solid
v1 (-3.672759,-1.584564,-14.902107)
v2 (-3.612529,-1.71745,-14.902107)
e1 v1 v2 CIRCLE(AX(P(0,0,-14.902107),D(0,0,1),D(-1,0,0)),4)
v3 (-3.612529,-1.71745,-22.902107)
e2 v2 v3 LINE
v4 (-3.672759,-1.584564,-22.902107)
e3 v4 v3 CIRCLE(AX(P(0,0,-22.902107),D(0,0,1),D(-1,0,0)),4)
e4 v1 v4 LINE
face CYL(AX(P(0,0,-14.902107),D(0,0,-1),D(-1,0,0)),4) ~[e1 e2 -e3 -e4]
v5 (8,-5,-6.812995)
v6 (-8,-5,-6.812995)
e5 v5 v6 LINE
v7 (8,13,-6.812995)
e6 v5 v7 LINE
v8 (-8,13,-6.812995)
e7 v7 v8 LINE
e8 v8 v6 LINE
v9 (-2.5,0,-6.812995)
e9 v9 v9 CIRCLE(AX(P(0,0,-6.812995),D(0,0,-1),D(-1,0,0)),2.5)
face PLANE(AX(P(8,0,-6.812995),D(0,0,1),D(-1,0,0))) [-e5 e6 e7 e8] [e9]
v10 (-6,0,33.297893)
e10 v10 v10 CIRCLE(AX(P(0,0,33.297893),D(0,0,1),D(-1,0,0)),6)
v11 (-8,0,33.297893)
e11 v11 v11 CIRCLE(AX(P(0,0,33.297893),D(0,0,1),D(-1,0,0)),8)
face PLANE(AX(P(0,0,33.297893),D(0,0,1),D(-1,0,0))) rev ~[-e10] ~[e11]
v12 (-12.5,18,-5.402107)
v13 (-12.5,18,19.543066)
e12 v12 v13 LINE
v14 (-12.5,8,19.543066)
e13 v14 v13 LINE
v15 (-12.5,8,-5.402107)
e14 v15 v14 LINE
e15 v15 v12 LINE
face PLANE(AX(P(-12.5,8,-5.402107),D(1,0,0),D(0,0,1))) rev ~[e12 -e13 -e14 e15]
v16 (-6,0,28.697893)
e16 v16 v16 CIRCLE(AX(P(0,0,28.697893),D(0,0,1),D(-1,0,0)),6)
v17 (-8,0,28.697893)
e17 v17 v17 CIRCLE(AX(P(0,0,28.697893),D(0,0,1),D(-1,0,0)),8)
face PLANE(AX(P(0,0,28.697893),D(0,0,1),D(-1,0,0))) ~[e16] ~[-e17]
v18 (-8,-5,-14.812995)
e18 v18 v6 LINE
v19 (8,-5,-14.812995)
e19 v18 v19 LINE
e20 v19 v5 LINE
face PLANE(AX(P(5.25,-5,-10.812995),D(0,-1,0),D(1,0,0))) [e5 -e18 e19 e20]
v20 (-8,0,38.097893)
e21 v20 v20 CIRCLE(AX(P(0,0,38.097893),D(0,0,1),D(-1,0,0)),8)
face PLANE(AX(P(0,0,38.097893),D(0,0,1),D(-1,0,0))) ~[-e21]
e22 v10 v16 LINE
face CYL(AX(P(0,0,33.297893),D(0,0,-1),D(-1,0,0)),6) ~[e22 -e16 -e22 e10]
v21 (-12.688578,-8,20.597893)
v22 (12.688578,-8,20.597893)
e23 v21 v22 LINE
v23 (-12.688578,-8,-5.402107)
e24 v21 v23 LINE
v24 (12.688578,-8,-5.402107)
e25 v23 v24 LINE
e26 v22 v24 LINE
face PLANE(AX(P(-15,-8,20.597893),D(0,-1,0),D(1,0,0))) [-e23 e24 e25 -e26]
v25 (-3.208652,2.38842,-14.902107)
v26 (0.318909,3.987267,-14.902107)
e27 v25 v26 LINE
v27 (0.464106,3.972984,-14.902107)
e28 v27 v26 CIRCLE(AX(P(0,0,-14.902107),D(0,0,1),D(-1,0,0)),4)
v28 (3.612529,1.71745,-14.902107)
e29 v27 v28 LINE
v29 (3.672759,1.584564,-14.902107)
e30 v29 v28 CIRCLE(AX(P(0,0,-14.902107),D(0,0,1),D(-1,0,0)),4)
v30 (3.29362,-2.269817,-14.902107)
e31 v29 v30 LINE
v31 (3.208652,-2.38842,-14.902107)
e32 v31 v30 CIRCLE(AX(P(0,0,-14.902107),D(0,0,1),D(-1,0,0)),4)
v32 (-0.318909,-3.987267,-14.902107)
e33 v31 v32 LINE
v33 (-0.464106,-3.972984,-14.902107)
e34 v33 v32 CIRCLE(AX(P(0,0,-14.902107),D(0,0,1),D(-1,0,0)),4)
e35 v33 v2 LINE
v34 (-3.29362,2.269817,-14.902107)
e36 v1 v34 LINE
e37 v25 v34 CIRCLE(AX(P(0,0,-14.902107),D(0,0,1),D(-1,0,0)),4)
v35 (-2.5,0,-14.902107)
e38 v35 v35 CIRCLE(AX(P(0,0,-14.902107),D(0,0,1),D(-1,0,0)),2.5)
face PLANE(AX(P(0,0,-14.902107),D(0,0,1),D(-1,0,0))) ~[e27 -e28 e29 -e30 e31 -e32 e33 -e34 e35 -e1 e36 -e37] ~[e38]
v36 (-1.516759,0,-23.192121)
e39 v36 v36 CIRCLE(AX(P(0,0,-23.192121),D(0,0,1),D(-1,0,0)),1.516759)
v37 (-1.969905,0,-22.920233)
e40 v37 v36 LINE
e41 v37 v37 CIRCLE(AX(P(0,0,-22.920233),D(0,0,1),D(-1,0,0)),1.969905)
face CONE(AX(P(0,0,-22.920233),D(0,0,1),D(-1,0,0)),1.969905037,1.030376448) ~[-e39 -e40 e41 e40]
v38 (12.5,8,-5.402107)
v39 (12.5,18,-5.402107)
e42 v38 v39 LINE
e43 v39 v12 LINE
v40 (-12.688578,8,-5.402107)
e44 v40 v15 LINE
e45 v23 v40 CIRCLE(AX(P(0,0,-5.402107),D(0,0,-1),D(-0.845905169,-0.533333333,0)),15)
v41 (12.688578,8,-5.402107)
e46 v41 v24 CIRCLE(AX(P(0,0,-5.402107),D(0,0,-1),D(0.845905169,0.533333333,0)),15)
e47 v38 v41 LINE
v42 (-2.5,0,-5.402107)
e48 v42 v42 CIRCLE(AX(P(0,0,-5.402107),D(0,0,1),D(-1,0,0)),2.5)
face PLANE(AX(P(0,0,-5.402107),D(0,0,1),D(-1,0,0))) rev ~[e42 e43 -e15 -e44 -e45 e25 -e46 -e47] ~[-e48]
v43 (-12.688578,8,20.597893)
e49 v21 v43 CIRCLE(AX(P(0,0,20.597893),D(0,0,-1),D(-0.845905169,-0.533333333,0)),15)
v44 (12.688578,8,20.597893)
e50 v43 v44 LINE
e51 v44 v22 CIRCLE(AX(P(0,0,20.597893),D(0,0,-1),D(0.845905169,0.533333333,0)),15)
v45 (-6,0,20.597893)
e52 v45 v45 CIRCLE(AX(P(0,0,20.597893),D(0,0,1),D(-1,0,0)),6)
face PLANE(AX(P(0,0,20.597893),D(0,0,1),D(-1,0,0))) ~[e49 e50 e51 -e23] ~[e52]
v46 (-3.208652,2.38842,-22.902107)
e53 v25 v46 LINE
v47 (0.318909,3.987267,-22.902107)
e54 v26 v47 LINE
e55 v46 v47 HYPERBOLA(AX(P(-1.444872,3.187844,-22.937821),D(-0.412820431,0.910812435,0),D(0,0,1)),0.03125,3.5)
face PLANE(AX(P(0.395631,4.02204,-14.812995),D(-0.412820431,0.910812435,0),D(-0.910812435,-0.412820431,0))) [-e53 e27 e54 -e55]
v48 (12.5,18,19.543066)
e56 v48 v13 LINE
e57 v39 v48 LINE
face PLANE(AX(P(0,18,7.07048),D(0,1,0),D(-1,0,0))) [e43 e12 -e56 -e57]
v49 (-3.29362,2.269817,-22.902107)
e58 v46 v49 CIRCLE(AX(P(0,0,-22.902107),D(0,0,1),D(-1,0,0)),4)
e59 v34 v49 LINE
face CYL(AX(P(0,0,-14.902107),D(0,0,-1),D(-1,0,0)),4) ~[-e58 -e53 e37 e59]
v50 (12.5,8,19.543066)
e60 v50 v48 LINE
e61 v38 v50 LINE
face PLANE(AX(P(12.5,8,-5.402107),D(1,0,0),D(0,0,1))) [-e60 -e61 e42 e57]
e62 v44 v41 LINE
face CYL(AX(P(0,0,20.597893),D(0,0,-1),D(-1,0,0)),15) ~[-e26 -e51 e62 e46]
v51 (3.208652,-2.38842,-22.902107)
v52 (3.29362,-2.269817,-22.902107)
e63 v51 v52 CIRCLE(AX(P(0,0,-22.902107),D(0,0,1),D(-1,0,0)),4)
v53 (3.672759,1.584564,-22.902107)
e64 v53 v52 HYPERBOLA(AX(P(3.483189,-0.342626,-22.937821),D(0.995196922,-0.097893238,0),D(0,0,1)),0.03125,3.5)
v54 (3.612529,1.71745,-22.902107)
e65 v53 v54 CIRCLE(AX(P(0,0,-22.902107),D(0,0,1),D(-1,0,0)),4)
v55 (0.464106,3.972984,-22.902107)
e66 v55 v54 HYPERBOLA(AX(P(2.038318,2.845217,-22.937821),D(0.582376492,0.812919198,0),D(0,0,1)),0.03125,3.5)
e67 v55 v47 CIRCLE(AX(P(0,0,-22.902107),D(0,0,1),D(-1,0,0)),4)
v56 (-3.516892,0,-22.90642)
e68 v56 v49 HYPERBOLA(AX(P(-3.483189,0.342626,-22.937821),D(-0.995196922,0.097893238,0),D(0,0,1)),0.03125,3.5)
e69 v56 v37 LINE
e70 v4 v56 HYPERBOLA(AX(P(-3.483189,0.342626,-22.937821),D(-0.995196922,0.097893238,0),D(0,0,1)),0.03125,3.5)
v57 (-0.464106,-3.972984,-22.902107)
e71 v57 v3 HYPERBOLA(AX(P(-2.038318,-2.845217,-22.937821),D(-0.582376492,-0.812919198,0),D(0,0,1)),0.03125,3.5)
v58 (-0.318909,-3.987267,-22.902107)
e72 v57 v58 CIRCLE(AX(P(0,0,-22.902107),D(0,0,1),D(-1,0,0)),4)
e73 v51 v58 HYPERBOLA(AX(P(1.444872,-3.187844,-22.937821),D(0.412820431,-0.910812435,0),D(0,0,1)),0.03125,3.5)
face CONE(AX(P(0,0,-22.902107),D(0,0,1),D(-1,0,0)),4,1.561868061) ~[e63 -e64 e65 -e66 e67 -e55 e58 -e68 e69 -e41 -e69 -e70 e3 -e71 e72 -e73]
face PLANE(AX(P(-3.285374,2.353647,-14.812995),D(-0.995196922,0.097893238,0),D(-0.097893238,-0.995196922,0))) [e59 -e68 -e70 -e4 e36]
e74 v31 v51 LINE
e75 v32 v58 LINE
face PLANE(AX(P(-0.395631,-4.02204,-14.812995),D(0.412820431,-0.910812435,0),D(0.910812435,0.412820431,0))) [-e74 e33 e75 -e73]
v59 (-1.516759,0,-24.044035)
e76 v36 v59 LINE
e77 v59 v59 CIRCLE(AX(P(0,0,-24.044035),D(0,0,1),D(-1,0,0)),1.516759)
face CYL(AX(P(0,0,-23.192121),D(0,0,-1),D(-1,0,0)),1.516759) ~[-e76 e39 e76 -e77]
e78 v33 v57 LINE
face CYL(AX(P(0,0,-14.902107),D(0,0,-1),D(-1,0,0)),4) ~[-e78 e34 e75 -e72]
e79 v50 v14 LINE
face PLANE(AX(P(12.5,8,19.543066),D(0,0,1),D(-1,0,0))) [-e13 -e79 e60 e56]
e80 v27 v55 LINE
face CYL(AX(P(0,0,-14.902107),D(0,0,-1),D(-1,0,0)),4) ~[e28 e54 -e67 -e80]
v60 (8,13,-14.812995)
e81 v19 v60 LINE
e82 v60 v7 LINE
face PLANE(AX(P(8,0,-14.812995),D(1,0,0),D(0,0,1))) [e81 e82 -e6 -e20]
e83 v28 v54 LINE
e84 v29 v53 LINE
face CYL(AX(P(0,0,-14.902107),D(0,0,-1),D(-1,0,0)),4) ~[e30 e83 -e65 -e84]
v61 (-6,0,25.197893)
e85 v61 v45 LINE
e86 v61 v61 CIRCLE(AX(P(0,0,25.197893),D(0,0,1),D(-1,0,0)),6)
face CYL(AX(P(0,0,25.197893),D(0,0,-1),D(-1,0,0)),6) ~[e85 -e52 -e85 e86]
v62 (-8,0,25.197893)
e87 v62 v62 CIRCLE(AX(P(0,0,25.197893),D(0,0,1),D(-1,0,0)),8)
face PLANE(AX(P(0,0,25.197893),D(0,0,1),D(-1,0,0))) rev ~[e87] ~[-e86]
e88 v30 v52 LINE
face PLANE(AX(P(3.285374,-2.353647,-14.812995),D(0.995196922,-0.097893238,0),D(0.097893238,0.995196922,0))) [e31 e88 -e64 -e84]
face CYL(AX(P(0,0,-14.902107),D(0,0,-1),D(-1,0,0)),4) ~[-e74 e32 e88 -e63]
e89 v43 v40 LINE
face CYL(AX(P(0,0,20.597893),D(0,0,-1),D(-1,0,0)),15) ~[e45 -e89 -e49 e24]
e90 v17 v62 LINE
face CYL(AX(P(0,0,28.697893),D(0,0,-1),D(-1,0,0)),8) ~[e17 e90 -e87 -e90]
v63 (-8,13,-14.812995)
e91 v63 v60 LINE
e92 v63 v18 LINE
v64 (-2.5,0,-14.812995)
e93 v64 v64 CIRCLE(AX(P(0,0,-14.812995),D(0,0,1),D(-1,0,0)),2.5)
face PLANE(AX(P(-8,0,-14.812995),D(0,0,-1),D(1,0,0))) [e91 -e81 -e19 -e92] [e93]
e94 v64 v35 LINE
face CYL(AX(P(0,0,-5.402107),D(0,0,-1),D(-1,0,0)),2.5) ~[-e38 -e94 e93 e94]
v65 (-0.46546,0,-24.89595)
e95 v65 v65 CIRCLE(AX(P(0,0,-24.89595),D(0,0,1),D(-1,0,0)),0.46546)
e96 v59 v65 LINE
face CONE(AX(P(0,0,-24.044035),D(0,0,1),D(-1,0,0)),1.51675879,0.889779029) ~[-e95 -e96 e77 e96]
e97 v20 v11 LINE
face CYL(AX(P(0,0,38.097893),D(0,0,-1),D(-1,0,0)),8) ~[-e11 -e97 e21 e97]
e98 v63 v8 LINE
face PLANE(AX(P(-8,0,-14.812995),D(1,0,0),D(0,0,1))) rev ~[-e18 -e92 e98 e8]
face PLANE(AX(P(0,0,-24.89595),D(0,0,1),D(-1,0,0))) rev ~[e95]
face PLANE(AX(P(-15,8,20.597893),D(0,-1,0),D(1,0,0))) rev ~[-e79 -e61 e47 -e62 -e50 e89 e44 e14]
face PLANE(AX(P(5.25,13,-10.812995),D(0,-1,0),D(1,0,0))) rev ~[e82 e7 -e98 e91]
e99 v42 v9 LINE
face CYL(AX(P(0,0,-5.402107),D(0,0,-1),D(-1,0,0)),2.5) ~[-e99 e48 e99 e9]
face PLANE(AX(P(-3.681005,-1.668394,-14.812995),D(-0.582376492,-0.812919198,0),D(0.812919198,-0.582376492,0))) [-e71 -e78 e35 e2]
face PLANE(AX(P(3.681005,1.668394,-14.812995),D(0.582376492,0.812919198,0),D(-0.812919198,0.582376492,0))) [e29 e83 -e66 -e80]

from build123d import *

# Parameters (mm, degrees)
F2_W          = 37.102
F2_H          = 46.096
F2_W_2        = 30
F2_H_2        = 16
F3_DEPTH      = 27.4
F4_W          = 5.5
F4_H          = 8
F4_W_2        = 5
F5_DEPTH      = 5
F5_DEPTH_BACK = 13
F6_R          = 5.9111779492
F7_DEPTH      = 25
F8_W          = 25
F8_H          = 24.945173396
F9_DEPTH      = 10


with BuildPart() as f1:
    # F0 (on Front) → F1 (revolve)
    with BuildSketch(Plane.XZ):
        Polygon((-1.5167587905, -24.0440348498), (-0.4654595977, -24.895950213), (0, -24.895950213), (0, -5.4683293174), (0, 38.0978930385), (-8, 38.0978930385), (-8, 33.2978930385), (-6, 33.2978930385), (-6, 28.6978930385), (-8, 28.6978930385), (-8, 25.1978930385), (-6, 25.1978930385), (-6, 20.5978930385), (-15, 20.5978930385), (-15, -5.4021069615), (-2.5, -5.4021069615), (-2.5, -14.9021069615), (-4, -14.9021069615), (-4, -22.9021069615), (-1.9699050371, -22.9202326714), (-1.5167587905, -23.1921206525), align=None)
    revolve(axis=Axis((0, 0, 26.8247116869), (0, 0, 1)))

    # F2 (on face) → F3 (cut)
    with BuildSketch(Plane.XY.offset(20.5978930385)):
        Rectangle(F2_W, F2_H)
        Rectangle(F2_W_2, F2_H_2, mode=Mode.SUBTRACT)
    extrude(amount=-F3_DEPTH, mode=Mode.SUBTRACT)

    # F4 (on Front) → F5 (join, two sides)
    with BuildSketch(Plane.XZ) as f5_sk:
        Polygon((8, -6.812995024), (2.5, -6.812995024), (2.5, -14.812995024), (4, -14.812995024), (8, -14.812995024), align=None)
        with Locations((-5.25, -10.812995024)):
            Rectangle(F4_W, F4_H)
        with Locations((0, -10.812995024)):
            Rectangle(F4_W_2, F4_H)
    extrude(amount=F5_DEPTH)
    extrude(f5_sk.sketch, amount=-F5_DEPTH_BACK)

    # F6 (on face) → F7 (cut)
    with BuildSketch(Plane(origin=(0, 0, -14.812995024), x_dir=(1, 0, 0), z_dir=(0, 0, -1))):
        Circle(F6_R)
        Polygon((3.6810046325, -1.6683939069), (0.3956308093, -4.0220404767), (-3.2853738232, -2.3536465697), (-3.6810046325, 1.6683939069), (-0.3956308093, 4.0220404767), (3.2853738232, 2.3536465697), align=None, mode=Mode.SUBTRACT)
    extrude(amount=F7_DEPTH, mode=Mode.SUBTRACT)

    # F8 (on face) → F9 (join)
    with BuildSketch(Plane(origin=(0, 8, 0), x_dir=(-1, 0, 0), z_dir=(0, 1, 0))):
        with Locations((0, 7.0704797366)):
            Rectangle(F8_W, F8_H)
    extrude(amount=F9_DEPTH)


solid = f1.part
